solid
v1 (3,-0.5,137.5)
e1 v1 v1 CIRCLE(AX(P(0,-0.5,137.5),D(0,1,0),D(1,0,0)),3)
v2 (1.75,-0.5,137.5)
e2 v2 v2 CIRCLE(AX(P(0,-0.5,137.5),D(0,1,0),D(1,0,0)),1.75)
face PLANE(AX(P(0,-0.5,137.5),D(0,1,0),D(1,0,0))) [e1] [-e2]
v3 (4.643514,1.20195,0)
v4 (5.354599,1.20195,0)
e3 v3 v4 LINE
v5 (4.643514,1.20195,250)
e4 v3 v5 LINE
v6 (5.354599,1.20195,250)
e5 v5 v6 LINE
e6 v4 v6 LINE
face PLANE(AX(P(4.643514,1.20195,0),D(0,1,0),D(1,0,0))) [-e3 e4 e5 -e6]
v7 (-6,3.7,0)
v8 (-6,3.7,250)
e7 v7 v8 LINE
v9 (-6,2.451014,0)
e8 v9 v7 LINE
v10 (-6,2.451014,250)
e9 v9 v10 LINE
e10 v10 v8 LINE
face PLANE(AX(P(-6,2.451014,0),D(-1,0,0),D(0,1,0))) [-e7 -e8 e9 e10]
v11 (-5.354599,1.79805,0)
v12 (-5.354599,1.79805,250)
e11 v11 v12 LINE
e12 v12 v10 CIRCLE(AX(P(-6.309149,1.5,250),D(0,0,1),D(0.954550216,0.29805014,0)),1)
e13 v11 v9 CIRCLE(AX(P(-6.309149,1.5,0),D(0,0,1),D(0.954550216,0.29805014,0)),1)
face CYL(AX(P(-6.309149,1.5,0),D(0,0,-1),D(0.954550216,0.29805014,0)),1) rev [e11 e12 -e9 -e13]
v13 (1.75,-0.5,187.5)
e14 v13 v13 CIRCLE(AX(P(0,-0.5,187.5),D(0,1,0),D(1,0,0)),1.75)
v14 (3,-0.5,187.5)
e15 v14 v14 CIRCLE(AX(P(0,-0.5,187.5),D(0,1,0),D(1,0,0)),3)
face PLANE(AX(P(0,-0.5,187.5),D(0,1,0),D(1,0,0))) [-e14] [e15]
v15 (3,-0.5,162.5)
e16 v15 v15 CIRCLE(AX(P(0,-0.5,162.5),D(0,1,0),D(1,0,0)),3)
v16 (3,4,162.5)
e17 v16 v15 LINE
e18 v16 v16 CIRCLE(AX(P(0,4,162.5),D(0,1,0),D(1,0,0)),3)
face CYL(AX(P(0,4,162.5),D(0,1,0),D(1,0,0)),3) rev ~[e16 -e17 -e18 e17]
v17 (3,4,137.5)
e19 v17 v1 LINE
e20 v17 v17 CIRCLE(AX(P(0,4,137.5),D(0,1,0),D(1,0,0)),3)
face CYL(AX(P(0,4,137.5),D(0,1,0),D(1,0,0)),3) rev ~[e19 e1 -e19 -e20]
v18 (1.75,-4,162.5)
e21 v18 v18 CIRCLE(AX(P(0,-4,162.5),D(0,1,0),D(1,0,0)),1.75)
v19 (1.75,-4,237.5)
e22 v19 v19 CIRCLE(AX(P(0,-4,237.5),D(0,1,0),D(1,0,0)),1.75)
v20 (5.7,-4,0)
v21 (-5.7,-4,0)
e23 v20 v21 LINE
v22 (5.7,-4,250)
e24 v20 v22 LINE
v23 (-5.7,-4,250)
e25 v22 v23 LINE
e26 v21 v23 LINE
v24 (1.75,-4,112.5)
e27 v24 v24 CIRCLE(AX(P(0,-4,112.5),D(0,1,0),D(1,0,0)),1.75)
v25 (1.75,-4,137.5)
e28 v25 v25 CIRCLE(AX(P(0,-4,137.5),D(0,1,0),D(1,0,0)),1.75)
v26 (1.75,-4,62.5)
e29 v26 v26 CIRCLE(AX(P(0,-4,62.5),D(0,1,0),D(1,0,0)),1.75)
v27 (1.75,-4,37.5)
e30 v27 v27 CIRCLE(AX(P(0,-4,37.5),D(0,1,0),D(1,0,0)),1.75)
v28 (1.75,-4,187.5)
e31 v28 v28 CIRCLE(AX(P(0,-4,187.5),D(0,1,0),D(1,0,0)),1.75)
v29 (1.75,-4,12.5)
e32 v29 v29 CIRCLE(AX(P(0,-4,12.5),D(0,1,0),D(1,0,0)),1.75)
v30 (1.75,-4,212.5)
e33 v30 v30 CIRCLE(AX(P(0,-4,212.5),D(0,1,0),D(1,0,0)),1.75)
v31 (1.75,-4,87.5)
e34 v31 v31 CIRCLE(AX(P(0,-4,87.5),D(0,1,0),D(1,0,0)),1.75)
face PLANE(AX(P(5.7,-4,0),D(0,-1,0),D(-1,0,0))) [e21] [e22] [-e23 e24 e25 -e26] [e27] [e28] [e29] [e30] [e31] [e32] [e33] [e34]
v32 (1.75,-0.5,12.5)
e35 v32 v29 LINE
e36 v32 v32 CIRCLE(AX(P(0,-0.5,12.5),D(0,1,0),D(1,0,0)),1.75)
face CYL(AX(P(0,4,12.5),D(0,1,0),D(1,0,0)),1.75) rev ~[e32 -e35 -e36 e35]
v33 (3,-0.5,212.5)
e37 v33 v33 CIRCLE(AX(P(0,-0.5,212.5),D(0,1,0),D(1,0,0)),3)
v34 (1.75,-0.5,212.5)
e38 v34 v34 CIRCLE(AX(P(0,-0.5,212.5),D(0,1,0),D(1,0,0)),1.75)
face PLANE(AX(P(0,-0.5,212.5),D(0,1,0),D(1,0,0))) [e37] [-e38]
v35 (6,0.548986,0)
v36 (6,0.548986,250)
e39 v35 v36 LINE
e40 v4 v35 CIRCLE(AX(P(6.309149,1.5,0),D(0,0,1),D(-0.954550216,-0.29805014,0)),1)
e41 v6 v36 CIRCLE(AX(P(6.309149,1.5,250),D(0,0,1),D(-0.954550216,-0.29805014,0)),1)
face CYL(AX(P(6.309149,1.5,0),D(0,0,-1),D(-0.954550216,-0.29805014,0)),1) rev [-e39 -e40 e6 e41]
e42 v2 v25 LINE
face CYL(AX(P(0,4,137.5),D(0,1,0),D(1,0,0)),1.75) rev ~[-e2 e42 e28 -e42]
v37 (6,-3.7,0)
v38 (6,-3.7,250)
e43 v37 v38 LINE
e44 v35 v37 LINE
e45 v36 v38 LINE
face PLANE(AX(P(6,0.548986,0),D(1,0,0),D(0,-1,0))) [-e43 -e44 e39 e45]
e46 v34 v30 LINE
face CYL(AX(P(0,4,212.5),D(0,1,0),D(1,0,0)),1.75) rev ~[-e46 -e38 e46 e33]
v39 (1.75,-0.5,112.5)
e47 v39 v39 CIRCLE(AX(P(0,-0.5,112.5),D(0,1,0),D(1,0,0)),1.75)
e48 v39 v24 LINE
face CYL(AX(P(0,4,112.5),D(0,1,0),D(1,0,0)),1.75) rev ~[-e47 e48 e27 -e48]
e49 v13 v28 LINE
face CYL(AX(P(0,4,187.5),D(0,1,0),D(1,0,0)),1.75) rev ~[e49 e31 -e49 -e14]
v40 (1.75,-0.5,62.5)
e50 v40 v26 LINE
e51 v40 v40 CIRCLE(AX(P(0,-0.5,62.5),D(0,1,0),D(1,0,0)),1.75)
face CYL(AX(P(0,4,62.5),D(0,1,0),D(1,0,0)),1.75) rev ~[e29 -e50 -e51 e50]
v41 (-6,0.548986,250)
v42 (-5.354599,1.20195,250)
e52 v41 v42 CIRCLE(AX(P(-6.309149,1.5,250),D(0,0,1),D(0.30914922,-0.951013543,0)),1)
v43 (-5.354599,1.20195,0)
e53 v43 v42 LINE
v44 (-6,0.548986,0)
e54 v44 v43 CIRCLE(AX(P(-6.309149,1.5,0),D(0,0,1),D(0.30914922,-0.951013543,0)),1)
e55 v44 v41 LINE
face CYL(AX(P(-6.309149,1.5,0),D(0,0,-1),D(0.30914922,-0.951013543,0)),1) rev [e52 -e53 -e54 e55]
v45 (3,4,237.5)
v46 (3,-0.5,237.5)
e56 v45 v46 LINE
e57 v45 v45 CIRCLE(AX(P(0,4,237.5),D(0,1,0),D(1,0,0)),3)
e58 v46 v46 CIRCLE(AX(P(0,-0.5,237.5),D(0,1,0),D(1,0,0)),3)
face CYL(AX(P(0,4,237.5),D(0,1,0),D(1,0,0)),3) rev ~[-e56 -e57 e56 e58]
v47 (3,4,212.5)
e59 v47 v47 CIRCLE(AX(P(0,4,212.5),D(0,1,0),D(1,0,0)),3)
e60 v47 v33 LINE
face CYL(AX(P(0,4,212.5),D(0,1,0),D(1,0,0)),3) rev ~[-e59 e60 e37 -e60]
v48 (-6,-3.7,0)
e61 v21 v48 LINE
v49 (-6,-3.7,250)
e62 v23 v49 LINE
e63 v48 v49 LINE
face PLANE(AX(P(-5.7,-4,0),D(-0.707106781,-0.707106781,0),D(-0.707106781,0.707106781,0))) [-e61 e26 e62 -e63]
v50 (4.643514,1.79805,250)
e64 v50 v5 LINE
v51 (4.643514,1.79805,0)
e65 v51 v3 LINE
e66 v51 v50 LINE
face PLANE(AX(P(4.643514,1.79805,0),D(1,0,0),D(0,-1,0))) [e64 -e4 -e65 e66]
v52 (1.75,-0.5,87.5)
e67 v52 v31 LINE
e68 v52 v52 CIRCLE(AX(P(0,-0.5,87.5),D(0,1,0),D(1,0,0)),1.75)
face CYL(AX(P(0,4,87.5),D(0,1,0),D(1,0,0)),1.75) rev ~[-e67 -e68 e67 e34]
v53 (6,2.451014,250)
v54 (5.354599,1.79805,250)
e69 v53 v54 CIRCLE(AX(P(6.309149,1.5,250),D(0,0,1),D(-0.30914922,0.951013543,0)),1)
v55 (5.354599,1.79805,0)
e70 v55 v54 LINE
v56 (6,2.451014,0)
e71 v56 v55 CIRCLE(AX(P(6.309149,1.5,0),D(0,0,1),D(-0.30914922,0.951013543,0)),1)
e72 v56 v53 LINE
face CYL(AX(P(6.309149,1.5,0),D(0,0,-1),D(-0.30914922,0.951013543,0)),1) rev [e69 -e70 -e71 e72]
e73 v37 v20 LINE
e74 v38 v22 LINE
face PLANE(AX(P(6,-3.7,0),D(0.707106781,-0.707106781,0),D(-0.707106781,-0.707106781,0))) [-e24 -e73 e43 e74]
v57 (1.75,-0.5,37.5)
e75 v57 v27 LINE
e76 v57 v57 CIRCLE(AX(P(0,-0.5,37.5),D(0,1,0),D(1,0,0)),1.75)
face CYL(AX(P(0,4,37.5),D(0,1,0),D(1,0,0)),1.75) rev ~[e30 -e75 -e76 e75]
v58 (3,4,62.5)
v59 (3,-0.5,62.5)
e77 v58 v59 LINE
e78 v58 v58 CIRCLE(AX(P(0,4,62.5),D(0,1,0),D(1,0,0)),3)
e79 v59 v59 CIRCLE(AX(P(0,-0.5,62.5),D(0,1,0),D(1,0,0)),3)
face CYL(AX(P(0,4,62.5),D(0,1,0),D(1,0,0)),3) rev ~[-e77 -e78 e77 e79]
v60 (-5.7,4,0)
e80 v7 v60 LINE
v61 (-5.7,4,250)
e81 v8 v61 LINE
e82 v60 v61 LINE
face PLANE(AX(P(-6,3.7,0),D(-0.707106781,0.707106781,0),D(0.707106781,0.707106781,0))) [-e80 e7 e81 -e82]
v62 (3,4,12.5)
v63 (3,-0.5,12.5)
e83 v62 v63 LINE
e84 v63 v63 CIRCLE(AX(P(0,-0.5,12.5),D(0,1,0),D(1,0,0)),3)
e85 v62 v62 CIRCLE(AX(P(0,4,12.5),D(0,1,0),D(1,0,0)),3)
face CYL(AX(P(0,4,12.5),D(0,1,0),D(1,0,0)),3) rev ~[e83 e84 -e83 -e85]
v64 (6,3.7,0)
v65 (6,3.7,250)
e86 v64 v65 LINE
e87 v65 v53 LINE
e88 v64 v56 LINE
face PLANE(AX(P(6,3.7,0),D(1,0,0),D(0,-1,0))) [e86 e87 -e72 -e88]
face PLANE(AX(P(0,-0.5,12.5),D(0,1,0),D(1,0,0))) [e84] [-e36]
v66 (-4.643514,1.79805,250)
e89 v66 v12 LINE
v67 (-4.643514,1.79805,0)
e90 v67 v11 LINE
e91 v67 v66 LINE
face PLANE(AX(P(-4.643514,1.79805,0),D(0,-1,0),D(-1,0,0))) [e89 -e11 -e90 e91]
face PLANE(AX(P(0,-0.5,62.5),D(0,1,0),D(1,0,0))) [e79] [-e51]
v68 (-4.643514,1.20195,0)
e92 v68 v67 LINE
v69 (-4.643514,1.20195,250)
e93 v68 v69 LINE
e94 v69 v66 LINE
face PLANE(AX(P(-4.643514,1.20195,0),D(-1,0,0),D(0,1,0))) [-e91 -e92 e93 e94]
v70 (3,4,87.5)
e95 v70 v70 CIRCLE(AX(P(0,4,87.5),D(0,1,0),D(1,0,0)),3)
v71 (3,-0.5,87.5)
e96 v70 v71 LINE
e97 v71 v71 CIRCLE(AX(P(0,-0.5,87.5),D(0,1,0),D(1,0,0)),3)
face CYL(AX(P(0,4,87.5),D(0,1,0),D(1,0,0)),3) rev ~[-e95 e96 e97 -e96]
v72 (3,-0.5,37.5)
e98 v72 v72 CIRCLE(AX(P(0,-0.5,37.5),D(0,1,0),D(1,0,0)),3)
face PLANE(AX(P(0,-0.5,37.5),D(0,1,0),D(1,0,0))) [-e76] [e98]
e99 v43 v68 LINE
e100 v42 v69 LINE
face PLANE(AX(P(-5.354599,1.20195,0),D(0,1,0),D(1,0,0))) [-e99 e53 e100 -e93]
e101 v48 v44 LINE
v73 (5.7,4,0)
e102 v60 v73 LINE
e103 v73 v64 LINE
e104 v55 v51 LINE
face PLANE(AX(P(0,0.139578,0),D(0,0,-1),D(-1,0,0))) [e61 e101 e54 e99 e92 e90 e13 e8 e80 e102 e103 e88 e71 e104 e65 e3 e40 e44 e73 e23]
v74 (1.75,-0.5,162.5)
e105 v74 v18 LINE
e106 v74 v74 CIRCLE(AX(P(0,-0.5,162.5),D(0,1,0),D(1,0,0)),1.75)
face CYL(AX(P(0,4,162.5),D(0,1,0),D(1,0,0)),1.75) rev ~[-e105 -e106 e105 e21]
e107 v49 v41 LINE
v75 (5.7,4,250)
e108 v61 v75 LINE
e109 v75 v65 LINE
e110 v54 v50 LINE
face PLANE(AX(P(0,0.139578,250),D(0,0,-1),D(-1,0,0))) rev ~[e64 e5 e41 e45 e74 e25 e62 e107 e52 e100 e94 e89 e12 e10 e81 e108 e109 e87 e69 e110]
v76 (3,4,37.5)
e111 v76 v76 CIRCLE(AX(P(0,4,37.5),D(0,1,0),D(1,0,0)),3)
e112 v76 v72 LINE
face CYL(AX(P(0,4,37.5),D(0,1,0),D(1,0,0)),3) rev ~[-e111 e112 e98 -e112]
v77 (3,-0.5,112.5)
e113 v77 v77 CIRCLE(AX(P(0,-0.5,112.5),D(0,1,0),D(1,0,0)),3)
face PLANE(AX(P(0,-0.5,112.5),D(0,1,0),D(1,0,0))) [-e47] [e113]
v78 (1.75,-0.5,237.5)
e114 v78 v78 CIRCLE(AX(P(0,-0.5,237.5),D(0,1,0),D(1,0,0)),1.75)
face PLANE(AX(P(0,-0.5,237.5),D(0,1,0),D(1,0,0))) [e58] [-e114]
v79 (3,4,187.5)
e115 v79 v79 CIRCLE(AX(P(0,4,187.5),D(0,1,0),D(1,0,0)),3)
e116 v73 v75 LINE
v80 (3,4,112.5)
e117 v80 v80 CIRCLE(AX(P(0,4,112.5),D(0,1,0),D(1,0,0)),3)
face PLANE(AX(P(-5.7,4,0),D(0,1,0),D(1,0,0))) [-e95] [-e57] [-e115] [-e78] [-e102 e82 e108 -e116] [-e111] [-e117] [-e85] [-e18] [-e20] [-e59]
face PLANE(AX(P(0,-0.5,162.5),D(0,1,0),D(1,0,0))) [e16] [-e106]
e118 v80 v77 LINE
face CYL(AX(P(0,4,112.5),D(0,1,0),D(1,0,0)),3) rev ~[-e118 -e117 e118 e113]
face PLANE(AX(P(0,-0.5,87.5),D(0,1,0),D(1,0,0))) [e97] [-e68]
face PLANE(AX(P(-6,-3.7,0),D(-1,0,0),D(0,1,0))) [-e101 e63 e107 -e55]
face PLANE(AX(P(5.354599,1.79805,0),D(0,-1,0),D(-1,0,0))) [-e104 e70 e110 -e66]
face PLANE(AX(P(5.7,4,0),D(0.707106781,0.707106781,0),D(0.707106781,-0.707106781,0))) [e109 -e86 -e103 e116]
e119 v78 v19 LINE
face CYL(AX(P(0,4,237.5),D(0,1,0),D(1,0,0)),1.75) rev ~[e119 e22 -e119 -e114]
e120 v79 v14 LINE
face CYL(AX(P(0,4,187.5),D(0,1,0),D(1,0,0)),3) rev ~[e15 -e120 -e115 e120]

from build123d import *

# Parameters (mm, degrees)
EXTRUDE_1_DEPTH        = 250
SKETCH_2_R             = 3
SKETCH_2_R_2           = 1.75
CUT_EXTRUDE_1_DEPTH    = 4.5
SKETCH_2_2_R           = 1.75
CUT_EXTRUDE_2_DEPTH    = 9
PATTERN_LINEAR_1_COUNT = 10
PATTERN_LINEAR_1_PITCH = 25


with BuildPart() as part:
    # Эскиз1 → Бобышка-Вытянуть1 (new body)
    with BuildSketch(Plane.XY):
        with BuildLine():
            Line((-6, 3.7), (-5.7, 4))
            Line((-5.7, 4), (5.7, 4))
            Line((5.7, 4), (6, 3.7))
            Line((6, 3.7), (6, 2.451013544))
            ThreePointArc((6, 2.451013544), (5.597935912, 2.202976267), (5.354599002, 1.798050138))
            Line((5.354599002, 1.798050138), (4.643514056, 1.798050138))
            Line((4.643514056, 1.798050138), (4.643514056, 1.201949862))
            Line((4.643514056, 1.201949862), (5.354599002, 1.201949862))
            ThreePointArc((5.354599002, 1.201949862), (5.597935912, 0.797023733), (6, 0.548986456))
            Line((6, 0.548986456), (6, -3.7))
            Line((6, -3.7), (5.7, -4))
            Line((5.7, -4), (-5.7, -4))
            Line((-5.7, -4), (-6, -3.7))
            Line((-6, -3.7), (-6, 0.548986456))
            ThreePointArc((-6, 0.548986456), (-5.597935912, 0.797023733), (-5.354599002, 1.201949862))
            Line((-5.354599002, 1.201949862), (-4.643514056, 1.201949862))
            Line((-4.643514056, 1.201949862), (-4.643514056, 1.798050138))
            Line((-4.643514056, 1.798050138), (-5.354599002, 1.798050138))
            ThreePointArc((-5.354599002, 1.798050138), (-5.597935912, 2.202976267), (-6, 2.451013544))
            Line((-6, 2.451013544), (-6, 3.7))
        make_face()
    extrude(amount=EXTRUDE_1_DEPTH)

    # Эскиз2 → Вырез-Вытянуть1 (cut)
    with BuildSketch(Plane(origin=(0, 4, 0), x_dir=(1, 0, 0), z_dir=(0, 1, 0))):
        with Locations((0, -12.5)):
            Circle(SKETCH_2_R)
        with Locations((0, -12.5)):
            Circle(SKETCH_2_R_2, mode=Mode.SUBTRACT)
    cut_extrude_1 = extrude(amount=-CUT_EXTRUDE_1_DEPTH, mode=Mode.SUBTRACT)

    # Эскиз2<2> → Вырез-Вытянуть2 (cut, through all)
    with BuildSketch(Plane(origin=(0, 4, 0), x_dir=(1, 0, 0), z_dir=(0, 1, 0))):
        with Locations((0, -12.5)):
            Circle(SKETCH_2_2_R)
    cut_extrude_2 = extrude(amount=-CUT_EXTRUDE_2_DEPTH, mode=Mode.SUBTRACT)

    # Линейный массив1: Вырез-Вытянуть1, Вырез-Вытянуть2 ×10
    with Locations(*[(0, 0, i * PATTERN_LINEAR_1_PITCH) for i in range(1, PATTERN_LINEAR_1_COUNT)]):
        add(cut_extrude_1, mode=Mode.SUBTRACT)
        add(cut_extrude_2, mode=Mode.SUBTRACT)


solid = part.part
